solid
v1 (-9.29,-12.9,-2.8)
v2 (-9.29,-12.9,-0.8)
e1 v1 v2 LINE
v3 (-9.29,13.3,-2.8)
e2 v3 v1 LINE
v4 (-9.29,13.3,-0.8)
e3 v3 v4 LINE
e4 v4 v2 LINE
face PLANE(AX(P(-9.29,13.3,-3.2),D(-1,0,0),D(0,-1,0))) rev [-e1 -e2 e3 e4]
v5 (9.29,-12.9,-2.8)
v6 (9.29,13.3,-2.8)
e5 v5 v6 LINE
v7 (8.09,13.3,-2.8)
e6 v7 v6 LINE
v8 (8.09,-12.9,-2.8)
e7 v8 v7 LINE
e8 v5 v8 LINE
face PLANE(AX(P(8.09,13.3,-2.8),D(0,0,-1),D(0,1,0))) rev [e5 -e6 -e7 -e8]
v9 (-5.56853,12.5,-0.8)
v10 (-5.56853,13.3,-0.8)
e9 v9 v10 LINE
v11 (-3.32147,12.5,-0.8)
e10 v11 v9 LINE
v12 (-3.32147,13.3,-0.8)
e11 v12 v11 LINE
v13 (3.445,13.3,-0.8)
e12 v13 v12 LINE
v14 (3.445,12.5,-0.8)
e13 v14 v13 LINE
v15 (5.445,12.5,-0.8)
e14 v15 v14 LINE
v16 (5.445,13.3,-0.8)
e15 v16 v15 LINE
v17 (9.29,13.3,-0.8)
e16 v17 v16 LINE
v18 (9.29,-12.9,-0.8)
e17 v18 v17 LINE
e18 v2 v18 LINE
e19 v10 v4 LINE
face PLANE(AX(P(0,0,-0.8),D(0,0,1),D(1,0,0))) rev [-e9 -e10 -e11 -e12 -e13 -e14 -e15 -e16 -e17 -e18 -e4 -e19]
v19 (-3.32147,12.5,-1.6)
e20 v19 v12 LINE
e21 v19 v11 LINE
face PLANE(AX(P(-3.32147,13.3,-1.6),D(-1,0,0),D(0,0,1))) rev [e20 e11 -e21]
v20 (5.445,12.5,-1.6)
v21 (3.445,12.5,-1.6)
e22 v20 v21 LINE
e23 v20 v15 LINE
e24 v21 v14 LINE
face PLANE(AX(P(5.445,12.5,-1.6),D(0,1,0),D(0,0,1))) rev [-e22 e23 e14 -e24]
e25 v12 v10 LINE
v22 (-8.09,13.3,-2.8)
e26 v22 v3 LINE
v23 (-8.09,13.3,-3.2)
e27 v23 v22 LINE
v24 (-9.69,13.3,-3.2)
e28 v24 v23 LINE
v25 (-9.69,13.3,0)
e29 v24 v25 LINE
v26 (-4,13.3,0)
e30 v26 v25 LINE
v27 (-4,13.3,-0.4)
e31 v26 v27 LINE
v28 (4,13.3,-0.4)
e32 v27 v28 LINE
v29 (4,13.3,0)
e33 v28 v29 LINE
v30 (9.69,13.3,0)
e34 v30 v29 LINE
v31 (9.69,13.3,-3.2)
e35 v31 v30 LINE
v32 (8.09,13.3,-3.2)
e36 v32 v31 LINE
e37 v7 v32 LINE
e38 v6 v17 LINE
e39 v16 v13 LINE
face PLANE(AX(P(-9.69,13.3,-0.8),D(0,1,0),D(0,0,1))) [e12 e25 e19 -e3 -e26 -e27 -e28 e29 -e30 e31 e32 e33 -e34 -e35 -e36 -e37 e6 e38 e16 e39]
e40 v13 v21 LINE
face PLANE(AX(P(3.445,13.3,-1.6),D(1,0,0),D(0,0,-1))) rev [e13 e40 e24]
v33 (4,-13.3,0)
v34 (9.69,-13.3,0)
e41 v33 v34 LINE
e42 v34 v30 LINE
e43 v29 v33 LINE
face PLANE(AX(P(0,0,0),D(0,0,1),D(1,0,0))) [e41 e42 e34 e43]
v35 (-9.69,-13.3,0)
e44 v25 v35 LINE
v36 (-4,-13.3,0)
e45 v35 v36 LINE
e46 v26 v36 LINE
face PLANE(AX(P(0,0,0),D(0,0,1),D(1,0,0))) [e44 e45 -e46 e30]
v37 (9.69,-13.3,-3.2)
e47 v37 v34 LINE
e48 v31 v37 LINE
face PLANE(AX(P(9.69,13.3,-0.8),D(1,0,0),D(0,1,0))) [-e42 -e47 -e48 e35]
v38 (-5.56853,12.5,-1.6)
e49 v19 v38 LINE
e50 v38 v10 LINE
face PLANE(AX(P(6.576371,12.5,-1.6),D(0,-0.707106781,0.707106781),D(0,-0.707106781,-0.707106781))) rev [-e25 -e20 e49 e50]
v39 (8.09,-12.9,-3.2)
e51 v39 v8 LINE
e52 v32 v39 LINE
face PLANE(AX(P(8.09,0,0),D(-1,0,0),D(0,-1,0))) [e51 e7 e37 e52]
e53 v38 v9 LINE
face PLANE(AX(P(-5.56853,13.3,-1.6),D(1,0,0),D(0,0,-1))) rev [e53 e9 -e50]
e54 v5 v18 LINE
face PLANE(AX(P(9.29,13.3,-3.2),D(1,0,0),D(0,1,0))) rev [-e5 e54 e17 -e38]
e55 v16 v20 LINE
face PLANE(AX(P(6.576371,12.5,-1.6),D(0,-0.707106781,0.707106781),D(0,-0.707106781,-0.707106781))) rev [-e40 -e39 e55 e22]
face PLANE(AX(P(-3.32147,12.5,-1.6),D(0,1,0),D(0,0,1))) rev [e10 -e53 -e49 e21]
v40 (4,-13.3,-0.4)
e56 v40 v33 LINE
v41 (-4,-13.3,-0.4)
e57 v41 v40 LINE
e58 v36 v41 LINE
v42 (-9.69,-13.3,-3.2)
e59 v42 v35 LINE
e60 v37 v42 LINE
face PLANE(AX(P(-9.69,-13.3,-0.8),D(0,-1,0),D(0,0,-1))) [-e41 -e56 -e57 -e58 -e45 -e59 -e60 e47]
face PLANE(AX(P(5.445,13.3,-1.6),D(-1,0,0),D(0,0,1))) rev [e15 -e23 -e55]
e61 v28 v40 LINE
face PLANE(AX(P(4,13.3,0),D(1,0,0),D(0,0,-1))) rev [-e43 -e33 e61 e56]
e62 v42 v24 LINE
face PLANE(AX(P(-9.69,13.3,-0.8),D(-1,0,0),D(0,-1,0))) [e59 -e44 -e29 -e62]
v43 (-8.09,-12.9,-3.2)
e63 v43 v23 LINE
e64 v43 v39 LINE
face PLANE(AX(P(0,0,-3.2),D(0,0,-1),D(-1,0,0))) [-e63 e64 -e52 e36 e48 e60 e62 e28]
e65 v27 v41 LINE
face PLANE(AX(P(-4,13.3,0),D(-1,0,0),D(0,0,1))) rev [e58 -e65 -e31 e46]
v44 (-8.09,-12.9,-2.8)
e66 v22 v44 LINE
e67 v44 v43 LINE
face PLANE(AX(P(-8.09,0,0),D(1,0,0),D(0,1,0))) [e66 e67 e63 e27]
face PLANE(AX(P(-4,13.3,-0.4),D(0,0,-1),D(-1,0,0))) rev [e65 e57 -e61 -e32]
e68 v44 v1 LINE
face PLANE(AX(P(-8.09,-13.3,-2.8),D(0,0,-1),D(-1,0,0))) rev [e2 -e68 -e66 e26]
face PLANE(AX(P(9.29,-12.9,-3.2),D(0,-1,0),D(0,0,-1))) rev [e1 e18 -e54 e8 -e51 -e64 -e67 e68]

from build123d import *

# Parameters (mm, degrees)
SKETCH1_W           = 19.38
SKETCH1_H           = 26.6
BOSS_EXTRUDE1_DEPTH = 0.8
SKETCH2_W           = 0.4
SKETCH2_H           = 26.6
BOSS_EXTRUDE2_DEPTH = 2.4
SKETCH3_W           = 0.4
SKETCH3_H           = 26.6
BOSS_EXTRUDE3_DEPTH = 2.4
SKETCH4_W           = 8
SKETCH4_H           = 0.4
CUT_EXTRUDE1_DEPTH  = 27.6
SKETCH5_W           = 0.4
SKETCH5_H           = 26.6
BOSS_EXTRUDE4_DEPTH = 1.2
SKETCH6_W           = 0.4
SKETCH6_H           = 26.6
BOSS_EXTRUDE5_DEPTH = 1.2
SKETCH7_W           = 18.58
SKETCH7_H           = 0.4
BOSS_EXTRUDE6_DEPTH = 2.4
SKETCH8_W           = 2
SKETCH8_H           = 0.8
BOSS_EXTRUDE7_DEPTH = 0.8
SKETCH9_W           = 2.2470594
SKETCH9_H           = 0.8
BOSS_EXTRUDE8_DEPTH = 0.8
CUT_EXTRUDE2_DEPTH  = 11.01353


with BuildPart() as part:
    # Sketch1 → Boss-Extrude1 (new body)
    with BuildSketch(Plane.XY):
        Rectangle(SKETCH1_W, SKETCH1_H)
    extrude(amount=-BOSS_EXTRUDE1_DEPTH)

    # Sketch2 → Boss-Extrude2 (add)
    with BuildSketch(Plane(origin=(0, 0, -0.8), x_dir=(-1, 0, 0), z_dir=(0, 0, -1))):
        with Locations((-9.49, 0)):
            Rectangle(SKETCH2_W, SKETCH2_H)
    extrude(amount=BOSS_EXTRUDE2_DEPTH)

    # Sketch3 → Boss-Extrude3 (add)
    with BuildSketch(Plane(origin=(0, 0, -0.8), x_dir=(-1, 0, 0), z_dir=(0, 0, -1))):
        with Locations((9.49, 0)):
            Rectangle(SKETCH3_W, SKETCH3_H)
    extrude(amount=BOSS_EXTRUDE3_DEPTH)

    # Sketch4 → Cut-Extrude1 (cut, through all)
    with BuildSketch(Plane.XZ.offset(13.3)):
        with Locations((0, -0.2)):
            Rectangle(SKETCH4_W, SKETCH4_H)
    extrude(amount=-CUT_EXTRUDE1_DEPTH, mode=Mode.SUBTRACT)

    # Sketch5 → Boss-Extrude4 (add)
    with BuildSketch(Plane.ZY.offset(-9.29)):
        with Locations((-3, 0)):
            Rectangle(SKETCH5_W, SKETCH5_H)
    extrude(amount=BOSS_EXTRUDE4_DEPTH)

    # Sketch6 → Boss-Extrude5 (add)
    with BuildSketch(Plane(origin=(-9.29, 0, 0), x_dir=(0, 0, -1), z_dir=(1, 0, 0))):
        with Locations((3, 0)):
            Rectangle(SKETCH6_W, SKETCH6_H)
    extrude(amount=BOSS_EXTRUDE5_DEPTH)

    # Sketch7 → Boss-Extrude6 (add, through all)
    with BuildSketch(Plane(origin=(0, 0, -0.8), x_dir=(-1, 0, 0), z_dir=(0, 0, -1))):
        with Locations((0, -13.1)):
            Rectangle(SKETCH7_W, SKETCH7_H)
    extrude(amount=BOSS_EXTRUDE6_DEPTH)

    # Sketch8 → Boss-Extrude7 (add)
    with BuildSketch(Plane(origin=(0, 0, -0.8), x_dir=(-1, 0, 0), z_dir=(0, 0, -1))):
        with Locations((-4.445, 12.9)):
            Rectangle(SKETCH8_W, SKETCH8_H)
    extrude(amount=BOSS_EXTRUDE7_DEPTH)

    # Sketch9 → Boss-Extrude8 (add)
    with BuildSketch(Plane(origin=(0, 0, -0.8), x_dir=(-1, 0, 0), z_dir=(0, 0, -1))):
        with Locations((4.445, 12.9)):
            Rectangle(SKETCH9_W, SKETCH9_H)
    extrude(amount=BOSS_EXTRUDE8_DEPTH)

    # Sketch10 → Cut-Extrude2 (cut)
    with BuildSketch(Plane.ZY.offset(5.5685297)):
        Polygon((-1.6, 12.5), (-0.8, 13.3), (-1.6, 13.3), align=None)
    extrude(amount=-CUT_EXTRUDE2_DEPTH, mode=Mode.SUBTRACT)


solid = part.part
